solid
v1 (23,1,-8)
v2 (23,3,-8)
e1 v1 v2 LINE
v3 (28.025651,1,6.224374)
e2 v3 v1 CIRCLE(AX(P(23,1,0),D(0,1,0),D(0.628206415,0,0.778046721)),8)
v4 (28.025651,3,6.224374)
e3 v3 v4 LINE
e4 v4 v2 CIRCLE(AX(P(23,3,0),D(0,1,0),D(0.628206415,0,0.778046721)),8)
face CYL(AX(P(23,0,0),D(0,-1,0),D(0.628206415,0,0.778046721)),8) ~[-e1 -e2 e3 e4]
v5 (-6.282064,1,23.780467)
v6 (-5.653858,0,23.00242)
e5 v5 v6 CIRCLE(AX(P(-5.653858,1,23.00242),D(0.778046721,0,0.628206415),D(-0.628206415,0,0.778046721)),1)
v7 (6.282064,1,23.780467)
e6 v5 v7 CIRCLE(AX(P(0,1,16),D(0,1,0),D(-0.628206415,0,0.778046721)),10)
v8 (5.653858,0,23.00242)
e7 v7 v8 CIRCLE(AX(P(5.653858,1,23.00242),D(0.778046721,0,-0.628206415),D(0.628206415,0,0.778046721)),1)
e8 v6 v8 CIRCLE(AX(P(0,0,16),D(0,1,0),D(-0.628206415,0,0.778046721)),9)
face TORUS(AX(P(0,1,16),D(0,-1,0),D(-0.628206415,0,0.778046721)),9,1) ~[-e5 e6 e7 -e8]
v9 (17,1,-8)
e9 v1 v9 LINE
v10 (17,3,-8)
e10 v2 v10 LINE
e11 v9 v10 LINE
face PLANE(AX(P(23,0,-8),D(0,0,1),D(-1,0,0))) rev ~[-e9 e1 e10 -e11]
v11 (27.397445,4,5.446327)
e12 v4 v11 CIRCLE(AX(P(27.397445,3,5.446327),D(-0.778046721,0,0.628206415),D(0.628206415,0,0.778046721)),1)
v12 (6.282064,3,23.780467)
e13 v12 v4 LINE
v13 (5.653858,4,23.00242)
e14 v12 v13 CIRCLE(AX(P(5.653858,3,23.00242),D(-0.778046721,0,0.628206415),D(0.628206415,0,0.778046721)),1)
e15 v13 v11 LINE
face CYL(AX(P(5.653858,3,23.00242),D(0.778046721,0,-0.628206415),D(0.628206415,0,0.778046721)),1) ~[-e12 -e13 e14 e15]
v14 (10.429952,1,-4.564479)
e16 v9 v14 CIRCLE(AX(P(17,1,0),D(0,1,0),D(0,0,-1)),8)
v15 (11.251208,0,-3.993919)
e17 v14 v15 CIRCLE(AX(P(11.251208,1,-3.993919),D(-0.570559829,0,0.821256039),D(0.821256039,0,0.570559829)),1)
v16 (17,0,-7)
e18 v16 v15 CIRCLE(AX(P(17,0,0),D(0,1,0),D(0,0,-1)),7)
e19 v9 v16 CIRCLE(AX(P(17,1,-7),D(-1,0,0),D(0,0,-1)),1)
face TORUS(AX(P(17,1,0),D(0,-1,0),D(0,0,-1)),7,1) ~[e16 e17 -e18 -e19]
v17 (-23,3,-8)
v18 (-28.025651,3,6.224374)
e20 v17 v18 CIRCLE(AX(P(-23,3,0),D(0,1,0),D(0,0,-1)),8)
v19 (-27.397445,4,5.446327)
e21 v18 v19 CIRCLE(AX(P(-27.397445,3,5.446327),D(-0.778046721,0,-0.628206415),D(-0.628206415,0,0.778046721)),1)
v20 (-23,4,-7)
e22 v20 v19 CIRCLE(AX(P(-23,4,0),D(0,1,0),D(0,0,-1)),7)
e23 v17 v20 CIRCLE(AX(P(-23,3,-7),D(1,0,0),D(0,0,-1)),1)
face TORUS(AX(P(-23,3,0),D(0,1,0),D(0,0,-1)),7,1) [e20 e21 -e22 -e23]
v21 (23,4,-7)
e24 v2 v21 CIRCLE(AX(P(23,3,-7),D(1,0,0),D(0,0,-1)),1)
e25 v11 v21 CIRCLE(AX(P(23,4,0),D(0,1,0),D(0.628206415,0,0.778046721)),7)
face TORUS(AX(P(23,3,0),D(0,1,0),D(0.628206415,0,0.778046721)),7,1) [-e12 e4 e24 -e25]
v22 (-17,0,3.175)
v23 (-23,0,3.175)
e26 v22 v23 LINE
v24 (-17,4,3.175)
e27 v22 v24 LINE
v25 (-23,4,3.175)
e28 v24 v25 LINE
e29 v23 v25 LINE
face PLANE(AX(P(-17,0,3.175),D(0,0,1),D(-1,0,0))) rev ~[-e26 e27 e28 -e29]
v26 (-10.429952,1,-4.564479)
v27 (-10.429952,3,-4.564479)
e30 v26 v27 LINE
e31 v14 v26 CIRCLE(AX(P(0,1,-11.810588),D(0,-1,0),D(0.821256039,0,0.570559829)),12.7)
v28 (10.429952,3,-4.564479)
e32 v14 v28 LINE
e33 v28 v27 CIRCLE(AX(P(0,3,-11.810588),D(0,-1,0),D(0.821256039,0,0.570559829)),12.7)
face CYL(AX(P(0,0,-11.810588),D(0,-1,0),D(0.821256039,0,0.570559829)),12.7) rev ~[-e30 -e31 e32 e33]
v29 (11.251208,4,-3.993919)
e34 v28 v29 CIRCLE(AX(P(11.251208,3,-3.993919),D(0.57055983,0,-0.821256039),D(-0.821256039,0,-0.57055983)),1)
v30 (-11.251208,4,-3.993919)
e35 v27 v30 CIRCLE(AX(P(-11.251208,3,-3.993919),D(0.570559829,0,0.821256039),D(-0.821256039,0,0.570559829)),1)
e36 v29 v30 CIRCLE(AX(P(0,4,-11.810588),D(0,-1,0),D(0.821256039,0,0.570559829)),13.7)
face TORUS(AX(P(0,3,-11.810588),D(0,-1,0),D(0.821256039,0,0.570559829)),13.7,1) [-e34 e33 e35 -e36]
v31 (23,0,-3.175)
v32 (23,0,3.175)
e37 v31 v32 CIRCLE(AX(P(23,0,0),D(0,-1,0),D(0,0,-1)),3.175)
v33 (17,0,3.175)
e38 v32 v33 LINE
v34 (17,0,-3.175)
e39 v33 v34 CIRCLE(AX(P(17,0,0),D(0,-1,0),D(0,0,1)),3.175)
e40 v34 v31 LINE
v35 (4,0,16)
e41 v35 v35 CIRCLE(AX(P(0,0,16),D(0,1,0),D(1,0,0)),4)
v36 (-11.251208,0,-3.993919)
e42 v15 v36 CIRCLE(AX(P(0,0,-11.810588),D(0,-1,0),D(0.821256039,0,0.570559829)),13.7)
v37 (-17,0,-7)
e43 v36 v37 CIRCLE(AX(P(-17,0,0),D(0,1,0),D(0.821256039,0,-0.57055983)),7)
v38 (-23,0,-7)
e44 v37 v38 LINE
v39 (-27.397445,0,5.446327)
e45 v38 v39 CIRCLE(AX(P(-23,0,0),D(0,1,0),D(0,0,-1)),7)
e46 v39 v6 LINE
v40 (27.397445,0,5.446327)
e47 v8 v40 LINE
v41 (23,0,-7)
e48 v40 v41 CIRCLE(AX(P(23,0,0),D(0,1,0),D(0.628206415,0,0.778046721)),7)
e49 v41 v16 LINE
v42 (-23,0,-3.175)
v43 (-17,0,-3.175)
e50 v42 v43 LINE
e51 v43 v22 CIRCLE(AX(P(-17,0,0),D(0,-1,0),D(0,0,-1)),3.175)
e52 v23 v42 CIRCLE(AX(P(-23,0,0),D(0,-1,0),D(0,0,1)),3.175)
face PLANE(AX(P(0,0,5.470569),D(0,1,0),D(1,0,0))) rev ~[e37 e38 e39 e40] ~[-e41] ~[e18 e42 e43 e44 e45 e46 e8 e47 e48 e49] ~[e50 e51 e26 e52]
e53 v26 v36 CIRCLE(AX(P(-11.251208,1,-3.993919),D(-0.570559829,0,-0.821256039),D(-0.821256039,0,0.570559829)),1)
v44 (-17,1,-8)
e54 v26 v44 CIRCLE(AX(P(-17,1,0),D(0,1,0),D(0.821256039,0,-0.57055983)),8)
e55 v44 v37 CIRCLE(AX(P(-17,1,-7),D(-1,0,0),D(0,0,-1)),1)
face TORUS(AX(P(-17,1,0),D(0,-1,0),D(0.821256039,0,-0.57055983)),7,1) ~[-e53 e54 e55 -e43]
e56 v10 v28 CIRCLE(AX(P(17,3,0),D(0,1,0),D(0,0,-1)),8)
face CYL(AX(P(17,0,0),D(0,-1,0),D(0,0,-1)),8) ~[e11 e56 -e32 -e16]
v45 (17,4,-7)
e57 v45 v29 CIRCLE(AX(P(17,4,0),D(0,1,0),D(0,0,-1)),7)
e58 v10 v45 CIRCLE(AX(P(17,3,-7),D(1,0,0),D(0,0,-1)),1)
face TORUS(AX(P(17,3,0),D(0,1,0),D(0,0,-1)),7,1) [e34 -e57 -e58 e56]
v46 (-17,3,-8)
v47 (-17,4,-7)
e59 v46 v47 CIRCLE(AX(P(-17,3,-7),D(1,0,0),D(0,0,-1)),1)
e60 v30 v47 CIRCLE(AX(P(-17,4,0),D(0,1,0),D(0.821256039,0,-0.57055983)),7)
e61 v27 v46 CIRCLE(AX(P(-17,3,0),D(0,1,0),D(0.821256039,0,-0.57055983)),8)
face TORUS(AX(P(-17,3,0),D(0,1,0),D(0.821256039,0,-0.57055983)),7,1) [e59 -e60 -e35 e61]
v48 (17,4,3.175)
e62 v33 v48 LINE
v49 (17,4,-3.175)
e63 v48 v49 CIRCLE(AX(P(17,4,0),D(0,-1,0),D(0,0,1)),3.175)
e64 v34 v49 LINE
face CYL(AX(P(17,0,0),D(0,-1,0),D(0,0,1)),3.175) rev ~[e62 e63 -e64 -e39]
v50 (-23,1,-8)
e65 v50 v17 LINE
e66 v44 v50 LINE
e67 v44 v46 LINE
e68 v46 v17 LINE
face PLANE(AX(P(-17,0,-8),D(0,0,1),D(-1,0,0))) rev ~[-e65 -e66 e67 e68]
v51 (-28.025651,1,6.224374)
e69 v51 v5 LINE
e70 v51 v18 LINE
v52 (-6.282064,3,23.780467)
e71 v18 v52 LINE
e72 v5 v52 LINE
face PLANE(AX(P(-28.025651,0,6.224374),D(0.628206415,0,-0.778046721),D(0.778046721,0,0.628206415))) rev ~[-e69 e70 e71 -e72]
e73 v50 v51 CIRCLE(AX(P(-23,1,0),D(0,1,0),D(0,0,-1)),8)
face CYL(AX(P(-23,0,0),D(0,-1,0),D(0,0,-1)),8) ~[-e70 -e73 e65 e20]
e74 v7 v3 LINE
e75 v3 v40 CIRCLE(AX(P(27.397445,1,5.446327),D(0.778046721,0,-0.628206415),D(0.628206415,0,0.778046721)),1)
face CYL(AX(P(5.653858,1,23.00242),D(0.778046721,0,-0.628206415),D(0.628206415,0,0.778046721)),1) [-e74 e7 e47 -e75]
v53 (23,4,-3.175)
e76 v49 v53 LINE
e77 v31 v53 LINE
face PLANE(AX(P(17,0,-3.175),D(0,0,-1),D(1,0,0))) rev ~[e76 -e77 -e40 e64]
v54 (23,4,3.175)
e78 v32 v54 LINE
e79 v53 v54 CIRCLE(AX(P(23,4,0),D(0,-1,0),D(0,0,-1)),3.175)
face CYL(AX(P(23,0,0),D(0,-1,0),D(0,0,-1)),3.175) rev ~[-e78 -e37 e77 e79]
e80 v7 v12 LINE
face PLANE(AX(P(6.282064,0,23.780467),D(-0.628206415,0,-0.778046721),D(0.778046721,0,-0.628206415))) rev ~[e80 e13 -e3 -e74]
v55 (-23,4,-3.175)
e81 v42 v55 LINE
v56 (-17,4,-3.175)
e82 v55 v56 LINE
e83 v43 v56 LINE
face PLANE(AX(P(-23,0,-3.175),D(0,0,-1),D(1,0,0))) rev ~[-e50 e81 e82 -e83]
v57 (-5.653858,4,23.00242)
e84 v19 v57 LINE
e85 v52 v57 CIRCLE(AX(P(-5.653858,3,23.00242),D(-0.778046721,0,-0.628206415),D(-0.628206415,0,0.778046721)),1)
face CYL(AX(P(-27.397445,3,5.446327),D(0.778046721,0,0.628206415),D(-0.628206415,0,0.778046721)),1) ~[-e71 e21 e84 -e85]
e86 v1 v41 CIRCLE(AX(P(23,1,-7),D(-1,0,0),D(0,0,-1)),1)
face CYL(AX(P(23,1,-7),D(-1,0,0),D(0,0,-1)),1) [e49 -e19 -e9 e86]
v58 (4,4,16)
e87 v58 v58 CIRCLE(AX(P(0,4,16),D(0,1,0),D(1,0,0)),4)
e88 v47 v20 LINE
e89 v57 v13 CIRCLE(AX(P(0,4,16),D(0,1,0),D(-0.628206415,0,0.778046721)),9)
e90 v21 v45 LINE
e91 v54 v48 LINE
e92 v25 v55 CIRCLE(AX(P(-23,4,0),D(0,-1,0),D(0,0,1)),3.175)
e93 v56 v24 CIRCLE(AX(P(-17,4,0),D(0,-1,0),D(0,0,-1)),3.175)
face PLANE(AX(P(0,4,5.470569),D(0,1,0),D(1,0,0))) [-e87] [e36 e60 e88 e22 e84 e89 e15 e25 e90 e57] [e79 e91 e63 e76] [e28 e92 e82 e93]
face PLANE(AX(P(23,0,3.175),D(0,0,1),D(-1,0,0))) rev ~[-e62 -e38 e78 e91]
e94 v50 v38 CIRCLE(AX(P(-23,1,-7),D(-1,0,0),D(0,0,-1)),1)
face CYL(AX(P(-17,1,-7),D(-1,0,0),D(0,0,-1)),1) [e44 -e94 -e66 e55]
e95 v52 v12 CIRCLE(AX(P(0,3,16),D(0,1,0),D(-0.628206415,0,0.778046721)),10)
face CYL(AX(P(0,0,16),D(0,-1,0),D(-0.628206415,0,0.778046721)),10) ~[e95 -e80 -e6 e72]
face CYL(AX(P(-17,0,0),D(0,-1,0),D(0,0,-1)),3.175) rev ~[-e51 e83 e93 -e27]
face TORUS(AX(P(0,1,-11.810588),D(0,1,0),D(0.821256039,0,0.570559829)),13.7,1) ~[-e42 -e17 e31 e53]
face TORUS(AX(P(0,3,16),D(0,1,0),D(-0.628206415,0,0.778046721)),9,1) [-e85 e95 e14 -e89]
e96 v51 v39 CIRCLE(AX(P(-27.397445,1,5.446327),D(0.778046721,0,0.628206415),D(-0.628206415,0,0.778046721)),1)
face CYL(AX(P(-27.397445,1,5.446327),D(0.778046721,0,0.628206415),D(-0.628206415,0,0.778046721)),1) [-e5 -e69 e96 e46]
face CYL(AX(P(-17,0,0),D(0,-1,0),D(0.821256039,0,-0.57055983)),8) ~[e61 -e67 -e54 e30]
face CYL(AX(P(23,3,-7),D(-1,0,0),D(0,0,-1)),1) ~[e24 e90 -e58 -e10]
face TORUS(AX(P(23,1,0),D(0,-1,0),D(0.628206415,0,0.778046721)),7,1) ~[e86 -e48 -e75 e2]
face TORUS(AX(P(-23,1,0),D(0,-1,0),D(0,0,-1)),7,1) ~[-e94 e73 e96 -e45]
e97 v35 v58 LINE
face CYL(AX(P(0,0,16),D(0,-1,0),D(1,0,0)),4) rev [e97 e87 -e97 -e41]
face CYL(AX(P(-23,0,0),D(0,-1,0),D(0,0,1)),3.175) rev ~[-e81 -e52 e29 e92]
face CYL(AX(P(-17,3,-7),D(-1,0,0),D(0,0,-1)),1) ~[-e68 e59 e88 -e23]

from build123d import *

# Parameters (mm, degrees)
SKETCH1_R           = 4
BOSS_EXTRUDE1_DEPTH = 4
FILLET1_R           = 1


with BuildPart() as part:
    # Sketch1 → Boss-Extrude1 (new body)
    with BuildSketch(Plane(origin=(0, 0, 0), x_dir=(1, 0, 0), z_dir=(0, 1, 0))):
        with BuildLine():
            Line((-28.025651318, -6.22437377), (-6.282064148, -23.780467212))
            ThreePointArc((-6.282064148, -23.780467212), (0, -26), (6.282064148, -23.780467212))
            Line((6.282064148, -23.780467212), (28.025651318, -6.22437377))
            ThreePointArc((28.025651318, -6.22437377), (30.543042826, 2.665052517), (23, 8))
            Line((23, 8), (17, 8))
            ThreePointArc((17, 8), (13.292968107, 7.089281666), (10.429951691, 4.564478636))
            ThreePointArc((10.429951691, 4.564478636), (0, -0.88941153), (-10.429951691, 4.564478636))
            ThreePointArc((-10.429951691, 4.564478636), (-13.292968107, 7.089281666), (-17, 8))
            Line((-17, 8), (-23, 8))
            ThreePointArc((-23, 8), (-30.543042826, 2.665052517), (-28.025651318, -6.22437377))
        make_face()
        with Locations((0, -16)):
            Circle(SKETCH1_R, mode=Mode.SUBTRACT)
        with BuildLine():
            Line((-23, 3.175), (-17, 3.175))
            ThreePointArc((-17, 3.175), (-13.825, 0), (-17, -3.175))
            Line((-17, -3.175), (-23, -3.175))
            ThreePointArc((-23, -3.175), (-26.175, 0), (-23, 3.175))
        make_face(mode=Mode.SUBTRACT)
        with BuildLine():
            Line((17, 3.175), (23, 3.175))
            ThreePointArc((23, 3.175), (26.175, 0), (23, -3.175))
            Line((23, -3.175), (17, -3.175))
            ThreePointArc((17, -3.175), (13.825, 0), (17, 3.175))
        make_face(mode=Mode.SUBTRACT)
    extrude(amount=BOSS_EXTRUDE1_DEPTH)

    # Fillet1
    fillet1_edges = [part.edges().sort_by_distance(p)[0] for p in [
        (0, 4, 26),
        (0, 0, 0.88941153),
        (13.292968107, 0, -7.089281666),
        (20, 0, -8),
        (30.543042826, 0, -2.665052517),
        (17.153857733, 0, 15.002420491),
        (0, 0, 26),
        (-17.153857733, 0, 15.002420491),
        (-30.543042826, 0, -2.665052517),
        (17.153857733, 4, 15.002420491),
        (30.543042826, 4, -2.665052517),
        (20, 4, -8),
        (13.292968107, 4, -7.089281666),
        (0, 4, 0.88941153),
        (-13.292968107, 4, -7.089281666),
        (-20, 4, -8),
        (-30.543042826, 4, -2.665052517),
        (-17.153857733, 4, 15.002420491),
        (-20, 0, -8),
        (-13.292968107, 0, -7.089281666),
    ]]
    fillet(fillet1_edges, radius=FILLET1_R)


solid = part.part
